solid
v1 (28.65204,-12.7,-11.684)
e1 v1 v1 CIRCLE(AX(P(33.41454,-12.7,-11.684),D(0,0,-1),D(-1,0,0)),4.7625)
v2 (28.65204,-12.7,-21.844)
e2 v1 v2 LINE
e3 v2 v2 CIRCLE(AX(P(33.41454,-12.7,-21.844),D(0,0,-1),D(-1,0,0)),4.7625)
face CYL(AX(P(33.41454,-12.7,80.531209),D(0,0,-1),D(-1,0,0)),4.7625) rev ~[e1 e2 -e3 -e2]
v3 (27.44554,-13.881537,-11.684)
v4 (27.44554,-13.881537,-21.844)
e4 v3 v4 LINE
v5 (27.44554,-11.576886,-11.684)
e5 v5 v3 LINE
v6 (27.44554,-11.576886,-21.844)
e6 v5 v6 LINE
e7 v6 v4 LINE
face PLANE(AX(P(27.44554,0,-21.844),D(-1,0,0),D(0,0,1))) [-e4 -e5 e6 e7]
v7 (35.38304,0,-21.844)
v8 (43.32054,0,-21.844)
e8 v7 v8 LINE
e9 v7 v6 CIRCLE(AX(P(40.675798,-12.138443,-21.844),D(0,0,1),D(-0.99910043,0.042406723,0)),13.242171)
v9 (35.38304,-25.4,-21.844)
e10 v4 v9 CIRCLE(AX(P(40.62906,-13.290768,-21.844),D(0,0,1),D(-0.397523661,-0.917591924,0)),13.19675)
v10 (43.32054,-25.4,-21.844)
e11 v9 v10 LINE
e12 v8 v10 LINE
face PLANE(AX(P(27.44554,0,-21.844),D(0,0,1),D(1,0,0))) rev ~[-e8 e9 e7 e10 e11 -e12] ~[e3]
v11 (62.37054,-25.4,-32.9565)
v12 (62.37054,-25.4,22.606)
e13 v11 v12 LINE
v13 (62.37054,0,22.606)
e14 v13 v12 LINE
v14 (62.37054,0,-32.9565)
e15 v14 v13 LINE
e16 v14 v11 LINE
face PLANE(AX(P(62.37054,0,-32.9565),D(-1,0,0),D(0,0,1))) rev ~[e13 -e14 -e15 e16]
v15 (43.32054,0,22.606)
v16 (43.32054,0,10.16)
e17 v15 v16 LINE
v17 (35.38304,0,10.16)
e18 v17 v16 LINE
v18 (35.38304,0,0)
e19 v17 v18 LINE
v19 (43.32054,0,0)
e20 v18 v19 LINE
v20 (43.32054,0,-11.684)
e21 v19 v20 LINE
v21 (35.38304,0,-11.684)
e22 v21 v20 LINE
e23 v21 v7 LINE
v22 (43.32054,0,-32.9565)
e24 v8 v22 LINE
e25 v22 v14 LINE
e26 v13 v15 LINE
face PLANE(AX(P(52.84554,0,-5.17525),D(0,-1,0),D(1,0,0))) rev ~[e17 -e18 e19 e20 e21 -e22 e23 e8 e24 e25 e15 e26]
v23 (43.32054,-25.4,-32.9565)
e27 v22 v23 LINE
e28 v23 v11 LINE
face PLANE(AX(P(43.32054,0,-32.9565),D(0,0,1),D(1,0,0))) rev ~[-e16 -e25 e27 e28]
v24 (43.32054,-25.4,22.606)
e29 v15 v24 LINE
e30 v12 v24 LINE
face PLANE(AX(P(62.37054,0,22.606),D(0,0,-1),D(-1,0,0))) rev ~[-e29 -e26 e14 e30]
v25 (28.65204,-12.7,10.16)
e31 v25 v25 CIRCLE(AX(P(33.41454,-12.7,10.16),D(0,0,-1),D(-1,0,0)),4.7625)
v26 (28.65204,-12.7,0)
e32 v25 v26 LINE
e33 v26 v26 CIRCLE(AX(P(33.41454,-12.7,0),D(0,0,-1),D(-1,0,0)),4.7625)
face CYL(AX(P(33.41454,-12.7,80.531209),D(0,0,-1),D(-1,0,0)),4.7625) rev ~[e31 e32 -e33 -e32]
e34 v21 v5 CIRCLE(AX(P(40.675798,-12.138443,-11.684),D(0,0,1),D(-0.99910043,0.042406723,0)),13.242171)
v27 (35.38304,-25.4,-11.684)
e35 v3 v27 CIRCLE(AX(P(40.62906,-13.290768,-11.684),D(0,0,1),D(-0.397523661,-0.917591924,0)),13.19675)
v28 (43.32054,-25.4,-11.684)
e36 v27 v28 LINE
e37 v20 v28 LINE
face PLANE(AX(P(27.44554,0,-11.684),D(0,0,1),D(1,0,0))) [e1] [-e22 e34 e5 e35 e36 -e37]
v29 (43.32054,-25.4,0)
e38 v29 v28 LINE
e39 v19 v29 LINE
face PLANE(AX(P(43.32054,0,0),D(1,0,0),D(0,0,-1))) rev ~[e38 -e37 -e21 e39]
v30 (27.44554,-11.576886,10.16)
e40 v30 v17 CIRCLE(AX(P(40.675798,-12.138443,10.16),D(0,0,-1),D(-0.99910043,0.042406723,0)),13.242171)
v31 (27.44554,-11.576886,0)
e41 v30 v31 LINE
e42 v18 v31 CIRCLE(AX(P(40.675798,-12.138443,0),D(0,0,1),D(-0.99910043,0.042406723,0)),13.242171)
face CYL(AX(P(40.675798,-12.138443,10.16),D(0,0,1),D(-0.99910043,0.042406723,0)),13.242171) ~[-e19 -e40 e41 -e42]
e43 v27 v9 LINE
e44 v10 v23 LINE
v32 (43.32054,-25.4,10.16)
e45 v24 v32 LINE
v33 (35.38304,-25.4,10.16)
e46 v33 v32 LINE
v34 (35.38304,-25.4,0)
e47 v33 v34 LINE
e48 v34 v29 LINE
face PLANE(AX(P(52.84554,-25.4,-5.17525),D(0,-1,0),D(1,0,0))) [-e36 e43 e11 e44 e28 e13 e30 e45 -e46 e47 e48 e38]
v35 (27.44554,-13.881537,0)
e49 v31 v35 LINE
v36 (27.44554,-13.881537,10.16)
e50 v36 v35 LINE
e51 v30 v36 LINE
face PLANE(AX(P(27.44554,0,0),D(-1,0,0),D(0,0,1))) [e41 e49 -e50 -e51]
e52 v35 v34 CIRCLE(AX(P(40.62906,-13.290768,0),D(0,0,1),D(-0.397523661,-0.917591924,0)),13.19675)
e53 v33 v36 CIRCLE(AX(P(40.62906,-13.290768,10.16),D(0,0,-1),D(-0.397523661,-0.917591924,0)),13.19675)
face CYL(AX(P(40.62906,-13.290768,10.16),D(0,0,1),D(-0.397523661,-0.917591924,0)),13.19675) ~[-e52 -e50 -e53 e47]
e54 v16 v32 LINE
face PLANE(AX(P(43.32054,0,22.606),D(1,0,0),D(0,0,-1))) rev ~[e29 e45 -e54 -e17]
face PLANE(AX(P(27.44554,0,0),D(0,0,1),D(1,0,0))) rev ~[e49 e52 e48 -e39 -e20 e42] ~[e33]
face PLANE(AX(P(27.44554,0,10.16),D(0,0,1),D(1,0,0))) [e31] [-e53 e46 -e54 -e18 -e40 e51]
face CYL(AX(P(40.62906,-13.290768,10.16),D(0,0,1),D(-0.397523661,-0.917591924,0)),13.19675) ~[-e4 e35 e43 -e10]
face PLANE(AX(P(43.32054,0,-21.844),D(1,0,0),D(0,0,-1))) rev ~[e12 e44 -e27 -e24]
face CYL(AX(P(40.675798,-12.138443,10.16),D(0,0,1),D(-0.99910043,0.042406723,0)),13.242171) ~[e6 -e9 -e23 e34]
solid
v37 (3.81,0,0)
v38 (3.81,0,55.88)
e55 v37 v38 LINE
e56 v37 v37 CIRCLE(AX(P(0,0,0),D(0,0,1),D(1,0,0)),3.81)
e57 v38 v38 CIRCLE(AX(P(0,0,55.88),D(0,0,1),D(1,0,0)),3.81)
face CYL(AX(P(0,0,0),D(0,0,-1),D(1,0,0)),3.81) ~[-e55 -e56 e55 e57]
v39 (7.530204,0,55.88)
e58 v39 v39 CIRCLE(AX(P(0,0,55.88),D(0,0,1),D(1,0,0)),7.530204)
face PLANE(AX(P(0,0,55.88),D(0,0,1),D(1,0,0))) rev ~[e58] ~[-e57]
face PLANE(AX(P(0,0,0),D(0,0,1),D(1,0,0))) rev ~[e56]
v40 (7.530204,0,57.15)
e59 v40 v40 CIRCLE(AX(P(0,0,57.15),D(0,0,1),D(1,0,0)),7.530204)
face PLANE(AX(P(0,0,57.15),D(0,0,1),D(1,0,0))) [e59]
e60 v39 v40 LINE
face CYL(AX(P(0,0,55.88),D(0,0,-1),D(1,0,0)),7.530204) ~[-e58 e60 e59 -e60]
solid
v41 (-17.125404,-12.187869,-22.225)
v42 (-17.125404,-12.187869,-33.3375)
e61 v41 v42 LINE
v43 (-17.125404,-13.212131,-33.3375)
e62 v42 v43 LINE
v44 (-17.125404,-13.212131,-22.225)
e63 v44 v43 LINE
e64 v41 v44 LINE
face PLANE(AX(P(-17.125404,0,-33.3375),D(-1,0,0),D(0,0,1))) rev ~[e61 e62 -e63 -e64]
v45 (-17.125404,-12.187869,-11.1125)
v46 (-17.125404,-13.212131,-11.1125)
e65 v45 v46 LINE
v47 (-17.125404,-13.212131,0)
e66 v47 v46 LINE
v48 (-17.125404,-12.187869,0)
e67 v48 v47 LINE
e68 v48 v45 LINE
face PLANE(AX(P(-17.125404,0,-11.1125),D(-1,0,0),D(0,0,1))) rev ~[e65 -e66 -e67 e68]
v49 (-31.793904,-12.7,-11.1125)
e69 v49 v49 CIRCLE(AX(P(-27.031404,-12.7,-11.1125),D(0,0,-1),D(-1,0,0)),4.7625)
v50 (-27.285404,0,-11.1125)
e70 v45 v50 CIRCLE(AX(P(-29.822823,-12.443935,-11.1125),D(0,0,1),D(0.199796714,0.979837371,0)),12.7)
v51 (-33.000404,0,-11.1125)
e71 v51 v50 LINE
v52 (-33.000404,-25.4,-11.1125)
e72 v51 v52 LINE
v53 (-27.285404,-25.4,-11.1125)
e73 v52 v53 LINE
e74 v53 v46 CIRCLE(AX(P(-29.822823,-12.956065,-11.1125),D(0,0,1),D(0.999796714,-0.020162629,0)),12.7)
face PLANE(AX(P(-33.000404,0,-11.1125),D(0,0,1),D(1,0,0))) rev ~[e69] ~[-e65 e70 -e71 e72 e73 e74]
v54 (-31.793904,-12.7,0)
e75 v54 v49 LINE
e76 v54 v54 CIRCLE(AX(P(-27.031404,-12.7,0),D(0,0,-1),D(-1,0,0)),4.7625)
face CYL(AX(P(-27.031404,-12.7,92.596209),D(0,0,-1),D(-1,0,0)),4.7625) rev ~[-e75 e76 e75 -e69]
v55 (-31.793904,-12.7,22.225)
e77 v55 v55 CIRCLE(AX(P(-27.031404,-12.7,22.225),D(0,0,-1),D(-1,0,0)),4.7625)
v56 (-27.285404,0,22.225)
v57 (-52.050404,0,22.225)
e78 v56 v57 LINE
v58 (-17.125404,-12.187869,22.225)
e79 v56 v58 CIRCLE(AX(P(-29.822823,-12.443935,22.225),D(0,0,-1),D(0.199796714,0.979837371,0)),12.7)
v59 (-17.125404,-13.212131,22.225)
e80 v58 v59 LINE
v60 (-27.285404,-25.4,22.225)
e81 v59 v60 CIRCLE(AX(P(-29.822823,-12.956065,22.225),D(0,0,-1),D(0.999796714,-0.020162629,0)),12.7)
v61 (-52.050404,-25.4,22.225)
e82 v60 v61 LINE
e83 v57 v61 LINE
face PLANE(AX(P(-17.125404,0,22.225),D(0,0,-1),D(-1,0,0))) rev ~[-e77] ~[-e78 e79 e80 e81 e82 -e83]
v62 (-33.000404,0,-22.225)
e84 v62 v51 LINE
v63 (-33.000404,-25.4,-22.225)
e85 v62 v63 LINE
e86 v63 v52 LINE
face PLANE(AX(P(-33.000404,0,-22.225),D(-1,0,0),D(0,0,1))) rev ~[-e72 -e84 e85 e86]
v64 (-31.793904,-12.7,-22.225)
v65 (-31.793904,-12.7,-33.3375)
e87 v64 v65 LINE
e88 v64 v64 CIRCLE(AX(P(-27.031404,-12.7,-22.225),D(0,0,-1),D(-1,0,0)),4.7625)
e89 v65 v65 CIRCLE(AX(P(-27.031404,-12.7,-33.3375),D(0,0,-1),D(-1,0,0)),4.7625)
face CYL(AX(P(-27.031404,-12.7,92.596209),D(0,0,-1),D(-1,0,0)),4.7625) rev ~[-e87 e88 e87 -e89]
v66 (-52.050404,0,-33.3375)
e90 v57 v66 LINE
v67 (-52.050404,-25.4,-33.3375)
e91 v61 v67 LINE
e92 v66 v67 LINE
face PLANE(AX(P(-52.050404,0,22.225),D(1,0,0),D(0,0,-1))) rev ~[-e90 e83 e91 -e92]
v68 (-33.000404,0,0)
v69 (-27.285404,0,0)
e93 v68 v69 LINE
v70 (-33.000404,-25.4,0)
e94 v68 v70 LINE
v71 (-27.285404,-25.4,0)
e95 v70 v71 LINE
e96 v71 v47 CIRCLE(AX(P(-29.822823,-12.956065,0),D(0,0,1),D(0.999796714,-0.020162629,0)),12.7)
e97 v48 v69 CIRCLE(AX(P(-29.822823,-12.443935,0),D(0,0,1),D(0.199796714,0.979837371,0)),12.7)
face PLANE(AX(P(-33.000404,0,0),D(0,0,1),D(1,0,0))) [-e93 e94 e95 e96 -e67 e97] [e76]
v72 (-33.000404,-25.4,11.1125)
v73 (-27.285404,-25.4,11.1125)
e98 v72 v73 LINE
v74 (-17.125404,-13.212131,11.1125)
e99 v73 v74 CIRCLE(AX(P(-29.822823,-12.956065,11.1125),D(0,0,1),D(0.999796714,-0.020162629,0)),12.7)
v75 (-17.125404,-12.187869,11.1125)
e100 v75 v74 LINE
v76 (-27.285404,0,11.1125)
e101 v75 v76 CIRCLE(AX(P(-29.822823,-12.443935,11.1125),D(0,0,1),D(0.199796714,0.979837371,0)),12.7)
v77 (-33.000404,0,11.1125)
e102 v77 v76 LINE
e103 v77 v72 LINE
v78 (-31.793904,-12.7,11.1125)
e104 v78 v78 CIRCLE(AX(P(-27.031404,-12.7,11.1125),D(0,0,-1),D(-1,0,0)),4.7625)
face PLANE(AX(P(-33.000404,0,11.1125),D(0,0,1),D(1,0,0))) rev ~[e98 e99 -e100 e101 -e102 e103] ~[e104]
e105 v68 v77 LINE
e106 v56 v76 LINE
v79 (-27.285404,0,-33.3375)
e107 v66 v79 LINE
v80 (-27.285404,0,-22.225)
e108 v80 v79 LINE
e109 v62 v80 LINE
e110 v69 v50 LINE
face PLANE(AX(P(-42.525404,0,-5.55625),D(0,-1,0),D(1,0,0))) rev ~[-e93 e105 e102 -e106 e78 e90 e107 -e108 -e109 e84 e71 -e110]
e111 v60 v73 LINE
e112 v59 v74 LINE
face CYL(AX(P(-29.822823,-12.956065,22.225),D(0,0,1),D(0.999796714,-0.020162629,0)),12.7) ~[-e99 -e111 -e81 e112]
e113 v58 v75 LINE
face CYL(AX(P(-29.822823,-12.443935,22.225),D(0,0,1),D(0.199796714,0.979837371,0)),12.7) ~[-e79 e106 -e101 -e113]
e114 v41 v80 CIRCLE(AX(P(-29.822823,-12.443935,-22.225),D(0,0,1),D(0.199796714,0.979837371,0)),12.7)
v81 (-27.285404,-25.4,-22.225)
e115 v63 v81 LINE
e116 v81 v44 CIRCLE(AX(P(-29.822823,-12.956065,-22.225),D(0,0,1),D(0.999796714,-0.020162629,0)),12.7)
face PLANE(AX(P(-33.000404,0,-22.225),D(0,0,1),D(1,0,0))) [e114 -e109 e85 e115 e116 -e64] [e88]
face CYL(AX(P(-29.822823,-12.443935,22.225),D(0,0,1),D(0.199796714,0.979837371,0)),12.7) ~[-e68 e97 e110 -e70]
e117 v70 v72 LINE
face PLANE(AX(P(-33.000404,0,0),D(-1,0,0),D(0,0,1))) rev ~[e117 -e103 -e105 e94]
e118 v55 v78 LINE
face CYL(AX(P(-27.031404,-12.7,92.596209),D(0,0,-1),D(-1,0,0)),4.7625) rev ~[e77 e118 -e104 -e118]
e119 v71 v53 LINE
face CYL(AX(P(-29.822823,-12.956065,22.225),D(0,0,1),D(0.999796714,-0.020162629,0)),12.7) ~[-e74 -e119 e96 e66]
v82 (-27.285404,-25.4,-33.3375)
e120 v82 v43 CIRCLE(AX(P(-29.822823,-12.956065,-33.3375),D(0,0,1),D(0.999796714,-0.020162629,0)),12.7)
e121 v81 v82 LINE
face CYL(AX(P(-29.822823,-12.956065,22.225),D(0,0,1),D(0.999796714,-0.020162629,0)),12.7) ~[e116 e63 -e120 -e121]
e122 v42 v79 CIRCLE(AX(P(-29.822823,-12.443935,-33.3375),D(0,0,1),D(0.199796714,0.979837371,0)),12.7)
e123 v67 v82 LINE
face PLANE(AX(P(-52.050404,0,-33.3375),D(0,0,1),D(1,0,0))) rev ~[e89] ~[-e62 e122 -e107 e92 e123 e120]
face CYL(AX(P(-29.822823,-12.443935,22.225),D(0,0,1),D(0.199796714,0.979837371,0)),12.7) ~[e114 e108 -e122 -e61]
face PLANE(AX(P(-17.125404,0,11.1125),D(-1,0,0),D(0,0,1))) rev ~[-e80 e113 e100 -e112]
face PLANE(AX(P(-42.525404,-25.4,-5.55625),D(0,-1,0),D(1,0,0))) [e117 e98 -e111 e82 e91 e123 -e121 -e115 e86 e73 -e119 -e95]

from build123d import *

# Parameters (mm, degrees)
F0_W      = 15.875
F0_H      = 11.1125
F1_DEPTH  = 25.4
F3_D      = 9.525
F4_W      = 15.875
F4_H      = 10.16
F5_DEPTH  = 25.4
F7_D      = 9.525
F8_R      = 3.81
F9_DEPTH  = 55.88
F10_R     = 7.5302035997
F10_R_2   = 3.81
F11_DEPTH = 1.27
F13_DEPTH = 76.2
F15_DEPTH = 76.2


with BuildPart() as f1:
    # F0 (on Front) → F1 (new body)
    with BuildSketch(Plane.XZ):
        Polygon((-33.0004044219, 22.225), (-52.0504044219, 22.225), (-52.0504044219, -33.3375), (-33.0004044219, -33.3375), (-33.0004044219, -22.225), (-33.0004044219, -11.1125), (-33.0004044219, 0), (-33.0004044219, 11.1125), align=None)
        with Locations((-25.0629044219, 16.66875)):
            Rectangle(F0_W, F0_H)
        with Locations((-25.0629044219, -5.55625)):
            Rectangle(F0_W, F0_H)
        with Locations((-25.0629044219, -27.78125)):
            Rectangle(F0_W, F0_H)
    extrude(amount=F1_DEPTH)

    # F3 (through all)
    with Locations(Plane.XY.offset(22.225)):
        with Locations((-27.0314044219, -12.7)):
            Hole(F3_D / 2)

    # F12 (on face) → F13 (cut)
    with BuildSketch(Plane.XY.offset(22.225)):
        with BuildLine():
            ThreePointArc((-27.2854044219, 0), (-20.0677675839, -4.3119668279), (-17.1254044219, -12.1878692189))
            Line((-17.1254044219, -12.1878692189), (-17.1254044219, 0))
            Line((-17.1254044219, 0), (-27.2854044219, 0))
        make_face()
        with BuildLine():
            Line((-17.1254044219, -25.4), (-17.1254044219, -13.2121307811))
            ThreePointArc((-17.1254044219, -13.2121307811), (-20.0677675839, -21.0880331721), (-27.2854044219, -25.4))
            Line((-27.2854044219, -25.4), (-17.1254044219, -25.4))
        make_face()
    extrude(amount=-F13_DEPTH, mode=Mode.SUBTRACT)


with BuildPart() as f5:
    # F4 (on Front) → F5 (new body)
    with BuildSketch(Plane.XZ):
        Polygon((62.3705395252, -32.9565), (62.3705395252, 22.606), (43.3205395252, 22.606), (43.3205395252, 10.16), (43.3205395252, 0), (43.3205395252, -11.684), (43.3205395252, -21.844), (43.3205395252, -32.9565), align=None)
        with Locations((35.3830395252, 5.08)):
            Rectangle(F4_W, F4_H)
        with Locations((35.3830395252, -16.764)):
            Rectangle(F4_W, F4_H)
    extrude(amount=F5_DEPTH)

    # F7 (through all)
    with Locations(Plane.XY.offset(10.16)):
        with Locations((33.4145395252, -12.7)):
            Hole(F7_D / 2)

    # F14 (on face) → F15 (cut)
    with BuildSketch(Plane.XY.offset(10.16)):
        with BuildLine():
            Line((27.4455395252, 0), (27.4455395252, -11.5768858415))
            ThreePointArc((27.4455395252, -11.5768858415), (29.7541859387, -4.6502203972), (35.3830395252, 0))
            Line((35.3830395252, 0), (27.4455395252, 0))
        make_face()
        with BuildLine():
            ThreePointArc((35.3830395252, -25.4), (29.76256364, -20.7789909403), (27.4455395252, -13.8815368334))
            Line((27.4455395252, -13.8815368334), (27.4455395252, -25.4))
            Line((27.4455395252, -25.4), (35.3830395252, -25.4))
        make_face()
    extrude(amount=-F15_DEPTH, mode=Mode.SUBTRACT)


with BuildPart() as f9:
    # F8 (on Top) → F9 (new body)
    with BuildSketch(Plane.XY):
        Circle(F8_R)
    extrude(amount=F9_DEPTH)

    # F10 (on face) → F11 (join)
    with BuildSketch(Plane.XY.offset(55.88)):
        Circle(F10_R)
        Circle(F10_R_2, mode=Mode.SUBTRACT)
        Circle(F10_R_2)
    extrude(amount=F11_DEPTH)


solid = Compound([f1.part, f5.part, f9.part])
